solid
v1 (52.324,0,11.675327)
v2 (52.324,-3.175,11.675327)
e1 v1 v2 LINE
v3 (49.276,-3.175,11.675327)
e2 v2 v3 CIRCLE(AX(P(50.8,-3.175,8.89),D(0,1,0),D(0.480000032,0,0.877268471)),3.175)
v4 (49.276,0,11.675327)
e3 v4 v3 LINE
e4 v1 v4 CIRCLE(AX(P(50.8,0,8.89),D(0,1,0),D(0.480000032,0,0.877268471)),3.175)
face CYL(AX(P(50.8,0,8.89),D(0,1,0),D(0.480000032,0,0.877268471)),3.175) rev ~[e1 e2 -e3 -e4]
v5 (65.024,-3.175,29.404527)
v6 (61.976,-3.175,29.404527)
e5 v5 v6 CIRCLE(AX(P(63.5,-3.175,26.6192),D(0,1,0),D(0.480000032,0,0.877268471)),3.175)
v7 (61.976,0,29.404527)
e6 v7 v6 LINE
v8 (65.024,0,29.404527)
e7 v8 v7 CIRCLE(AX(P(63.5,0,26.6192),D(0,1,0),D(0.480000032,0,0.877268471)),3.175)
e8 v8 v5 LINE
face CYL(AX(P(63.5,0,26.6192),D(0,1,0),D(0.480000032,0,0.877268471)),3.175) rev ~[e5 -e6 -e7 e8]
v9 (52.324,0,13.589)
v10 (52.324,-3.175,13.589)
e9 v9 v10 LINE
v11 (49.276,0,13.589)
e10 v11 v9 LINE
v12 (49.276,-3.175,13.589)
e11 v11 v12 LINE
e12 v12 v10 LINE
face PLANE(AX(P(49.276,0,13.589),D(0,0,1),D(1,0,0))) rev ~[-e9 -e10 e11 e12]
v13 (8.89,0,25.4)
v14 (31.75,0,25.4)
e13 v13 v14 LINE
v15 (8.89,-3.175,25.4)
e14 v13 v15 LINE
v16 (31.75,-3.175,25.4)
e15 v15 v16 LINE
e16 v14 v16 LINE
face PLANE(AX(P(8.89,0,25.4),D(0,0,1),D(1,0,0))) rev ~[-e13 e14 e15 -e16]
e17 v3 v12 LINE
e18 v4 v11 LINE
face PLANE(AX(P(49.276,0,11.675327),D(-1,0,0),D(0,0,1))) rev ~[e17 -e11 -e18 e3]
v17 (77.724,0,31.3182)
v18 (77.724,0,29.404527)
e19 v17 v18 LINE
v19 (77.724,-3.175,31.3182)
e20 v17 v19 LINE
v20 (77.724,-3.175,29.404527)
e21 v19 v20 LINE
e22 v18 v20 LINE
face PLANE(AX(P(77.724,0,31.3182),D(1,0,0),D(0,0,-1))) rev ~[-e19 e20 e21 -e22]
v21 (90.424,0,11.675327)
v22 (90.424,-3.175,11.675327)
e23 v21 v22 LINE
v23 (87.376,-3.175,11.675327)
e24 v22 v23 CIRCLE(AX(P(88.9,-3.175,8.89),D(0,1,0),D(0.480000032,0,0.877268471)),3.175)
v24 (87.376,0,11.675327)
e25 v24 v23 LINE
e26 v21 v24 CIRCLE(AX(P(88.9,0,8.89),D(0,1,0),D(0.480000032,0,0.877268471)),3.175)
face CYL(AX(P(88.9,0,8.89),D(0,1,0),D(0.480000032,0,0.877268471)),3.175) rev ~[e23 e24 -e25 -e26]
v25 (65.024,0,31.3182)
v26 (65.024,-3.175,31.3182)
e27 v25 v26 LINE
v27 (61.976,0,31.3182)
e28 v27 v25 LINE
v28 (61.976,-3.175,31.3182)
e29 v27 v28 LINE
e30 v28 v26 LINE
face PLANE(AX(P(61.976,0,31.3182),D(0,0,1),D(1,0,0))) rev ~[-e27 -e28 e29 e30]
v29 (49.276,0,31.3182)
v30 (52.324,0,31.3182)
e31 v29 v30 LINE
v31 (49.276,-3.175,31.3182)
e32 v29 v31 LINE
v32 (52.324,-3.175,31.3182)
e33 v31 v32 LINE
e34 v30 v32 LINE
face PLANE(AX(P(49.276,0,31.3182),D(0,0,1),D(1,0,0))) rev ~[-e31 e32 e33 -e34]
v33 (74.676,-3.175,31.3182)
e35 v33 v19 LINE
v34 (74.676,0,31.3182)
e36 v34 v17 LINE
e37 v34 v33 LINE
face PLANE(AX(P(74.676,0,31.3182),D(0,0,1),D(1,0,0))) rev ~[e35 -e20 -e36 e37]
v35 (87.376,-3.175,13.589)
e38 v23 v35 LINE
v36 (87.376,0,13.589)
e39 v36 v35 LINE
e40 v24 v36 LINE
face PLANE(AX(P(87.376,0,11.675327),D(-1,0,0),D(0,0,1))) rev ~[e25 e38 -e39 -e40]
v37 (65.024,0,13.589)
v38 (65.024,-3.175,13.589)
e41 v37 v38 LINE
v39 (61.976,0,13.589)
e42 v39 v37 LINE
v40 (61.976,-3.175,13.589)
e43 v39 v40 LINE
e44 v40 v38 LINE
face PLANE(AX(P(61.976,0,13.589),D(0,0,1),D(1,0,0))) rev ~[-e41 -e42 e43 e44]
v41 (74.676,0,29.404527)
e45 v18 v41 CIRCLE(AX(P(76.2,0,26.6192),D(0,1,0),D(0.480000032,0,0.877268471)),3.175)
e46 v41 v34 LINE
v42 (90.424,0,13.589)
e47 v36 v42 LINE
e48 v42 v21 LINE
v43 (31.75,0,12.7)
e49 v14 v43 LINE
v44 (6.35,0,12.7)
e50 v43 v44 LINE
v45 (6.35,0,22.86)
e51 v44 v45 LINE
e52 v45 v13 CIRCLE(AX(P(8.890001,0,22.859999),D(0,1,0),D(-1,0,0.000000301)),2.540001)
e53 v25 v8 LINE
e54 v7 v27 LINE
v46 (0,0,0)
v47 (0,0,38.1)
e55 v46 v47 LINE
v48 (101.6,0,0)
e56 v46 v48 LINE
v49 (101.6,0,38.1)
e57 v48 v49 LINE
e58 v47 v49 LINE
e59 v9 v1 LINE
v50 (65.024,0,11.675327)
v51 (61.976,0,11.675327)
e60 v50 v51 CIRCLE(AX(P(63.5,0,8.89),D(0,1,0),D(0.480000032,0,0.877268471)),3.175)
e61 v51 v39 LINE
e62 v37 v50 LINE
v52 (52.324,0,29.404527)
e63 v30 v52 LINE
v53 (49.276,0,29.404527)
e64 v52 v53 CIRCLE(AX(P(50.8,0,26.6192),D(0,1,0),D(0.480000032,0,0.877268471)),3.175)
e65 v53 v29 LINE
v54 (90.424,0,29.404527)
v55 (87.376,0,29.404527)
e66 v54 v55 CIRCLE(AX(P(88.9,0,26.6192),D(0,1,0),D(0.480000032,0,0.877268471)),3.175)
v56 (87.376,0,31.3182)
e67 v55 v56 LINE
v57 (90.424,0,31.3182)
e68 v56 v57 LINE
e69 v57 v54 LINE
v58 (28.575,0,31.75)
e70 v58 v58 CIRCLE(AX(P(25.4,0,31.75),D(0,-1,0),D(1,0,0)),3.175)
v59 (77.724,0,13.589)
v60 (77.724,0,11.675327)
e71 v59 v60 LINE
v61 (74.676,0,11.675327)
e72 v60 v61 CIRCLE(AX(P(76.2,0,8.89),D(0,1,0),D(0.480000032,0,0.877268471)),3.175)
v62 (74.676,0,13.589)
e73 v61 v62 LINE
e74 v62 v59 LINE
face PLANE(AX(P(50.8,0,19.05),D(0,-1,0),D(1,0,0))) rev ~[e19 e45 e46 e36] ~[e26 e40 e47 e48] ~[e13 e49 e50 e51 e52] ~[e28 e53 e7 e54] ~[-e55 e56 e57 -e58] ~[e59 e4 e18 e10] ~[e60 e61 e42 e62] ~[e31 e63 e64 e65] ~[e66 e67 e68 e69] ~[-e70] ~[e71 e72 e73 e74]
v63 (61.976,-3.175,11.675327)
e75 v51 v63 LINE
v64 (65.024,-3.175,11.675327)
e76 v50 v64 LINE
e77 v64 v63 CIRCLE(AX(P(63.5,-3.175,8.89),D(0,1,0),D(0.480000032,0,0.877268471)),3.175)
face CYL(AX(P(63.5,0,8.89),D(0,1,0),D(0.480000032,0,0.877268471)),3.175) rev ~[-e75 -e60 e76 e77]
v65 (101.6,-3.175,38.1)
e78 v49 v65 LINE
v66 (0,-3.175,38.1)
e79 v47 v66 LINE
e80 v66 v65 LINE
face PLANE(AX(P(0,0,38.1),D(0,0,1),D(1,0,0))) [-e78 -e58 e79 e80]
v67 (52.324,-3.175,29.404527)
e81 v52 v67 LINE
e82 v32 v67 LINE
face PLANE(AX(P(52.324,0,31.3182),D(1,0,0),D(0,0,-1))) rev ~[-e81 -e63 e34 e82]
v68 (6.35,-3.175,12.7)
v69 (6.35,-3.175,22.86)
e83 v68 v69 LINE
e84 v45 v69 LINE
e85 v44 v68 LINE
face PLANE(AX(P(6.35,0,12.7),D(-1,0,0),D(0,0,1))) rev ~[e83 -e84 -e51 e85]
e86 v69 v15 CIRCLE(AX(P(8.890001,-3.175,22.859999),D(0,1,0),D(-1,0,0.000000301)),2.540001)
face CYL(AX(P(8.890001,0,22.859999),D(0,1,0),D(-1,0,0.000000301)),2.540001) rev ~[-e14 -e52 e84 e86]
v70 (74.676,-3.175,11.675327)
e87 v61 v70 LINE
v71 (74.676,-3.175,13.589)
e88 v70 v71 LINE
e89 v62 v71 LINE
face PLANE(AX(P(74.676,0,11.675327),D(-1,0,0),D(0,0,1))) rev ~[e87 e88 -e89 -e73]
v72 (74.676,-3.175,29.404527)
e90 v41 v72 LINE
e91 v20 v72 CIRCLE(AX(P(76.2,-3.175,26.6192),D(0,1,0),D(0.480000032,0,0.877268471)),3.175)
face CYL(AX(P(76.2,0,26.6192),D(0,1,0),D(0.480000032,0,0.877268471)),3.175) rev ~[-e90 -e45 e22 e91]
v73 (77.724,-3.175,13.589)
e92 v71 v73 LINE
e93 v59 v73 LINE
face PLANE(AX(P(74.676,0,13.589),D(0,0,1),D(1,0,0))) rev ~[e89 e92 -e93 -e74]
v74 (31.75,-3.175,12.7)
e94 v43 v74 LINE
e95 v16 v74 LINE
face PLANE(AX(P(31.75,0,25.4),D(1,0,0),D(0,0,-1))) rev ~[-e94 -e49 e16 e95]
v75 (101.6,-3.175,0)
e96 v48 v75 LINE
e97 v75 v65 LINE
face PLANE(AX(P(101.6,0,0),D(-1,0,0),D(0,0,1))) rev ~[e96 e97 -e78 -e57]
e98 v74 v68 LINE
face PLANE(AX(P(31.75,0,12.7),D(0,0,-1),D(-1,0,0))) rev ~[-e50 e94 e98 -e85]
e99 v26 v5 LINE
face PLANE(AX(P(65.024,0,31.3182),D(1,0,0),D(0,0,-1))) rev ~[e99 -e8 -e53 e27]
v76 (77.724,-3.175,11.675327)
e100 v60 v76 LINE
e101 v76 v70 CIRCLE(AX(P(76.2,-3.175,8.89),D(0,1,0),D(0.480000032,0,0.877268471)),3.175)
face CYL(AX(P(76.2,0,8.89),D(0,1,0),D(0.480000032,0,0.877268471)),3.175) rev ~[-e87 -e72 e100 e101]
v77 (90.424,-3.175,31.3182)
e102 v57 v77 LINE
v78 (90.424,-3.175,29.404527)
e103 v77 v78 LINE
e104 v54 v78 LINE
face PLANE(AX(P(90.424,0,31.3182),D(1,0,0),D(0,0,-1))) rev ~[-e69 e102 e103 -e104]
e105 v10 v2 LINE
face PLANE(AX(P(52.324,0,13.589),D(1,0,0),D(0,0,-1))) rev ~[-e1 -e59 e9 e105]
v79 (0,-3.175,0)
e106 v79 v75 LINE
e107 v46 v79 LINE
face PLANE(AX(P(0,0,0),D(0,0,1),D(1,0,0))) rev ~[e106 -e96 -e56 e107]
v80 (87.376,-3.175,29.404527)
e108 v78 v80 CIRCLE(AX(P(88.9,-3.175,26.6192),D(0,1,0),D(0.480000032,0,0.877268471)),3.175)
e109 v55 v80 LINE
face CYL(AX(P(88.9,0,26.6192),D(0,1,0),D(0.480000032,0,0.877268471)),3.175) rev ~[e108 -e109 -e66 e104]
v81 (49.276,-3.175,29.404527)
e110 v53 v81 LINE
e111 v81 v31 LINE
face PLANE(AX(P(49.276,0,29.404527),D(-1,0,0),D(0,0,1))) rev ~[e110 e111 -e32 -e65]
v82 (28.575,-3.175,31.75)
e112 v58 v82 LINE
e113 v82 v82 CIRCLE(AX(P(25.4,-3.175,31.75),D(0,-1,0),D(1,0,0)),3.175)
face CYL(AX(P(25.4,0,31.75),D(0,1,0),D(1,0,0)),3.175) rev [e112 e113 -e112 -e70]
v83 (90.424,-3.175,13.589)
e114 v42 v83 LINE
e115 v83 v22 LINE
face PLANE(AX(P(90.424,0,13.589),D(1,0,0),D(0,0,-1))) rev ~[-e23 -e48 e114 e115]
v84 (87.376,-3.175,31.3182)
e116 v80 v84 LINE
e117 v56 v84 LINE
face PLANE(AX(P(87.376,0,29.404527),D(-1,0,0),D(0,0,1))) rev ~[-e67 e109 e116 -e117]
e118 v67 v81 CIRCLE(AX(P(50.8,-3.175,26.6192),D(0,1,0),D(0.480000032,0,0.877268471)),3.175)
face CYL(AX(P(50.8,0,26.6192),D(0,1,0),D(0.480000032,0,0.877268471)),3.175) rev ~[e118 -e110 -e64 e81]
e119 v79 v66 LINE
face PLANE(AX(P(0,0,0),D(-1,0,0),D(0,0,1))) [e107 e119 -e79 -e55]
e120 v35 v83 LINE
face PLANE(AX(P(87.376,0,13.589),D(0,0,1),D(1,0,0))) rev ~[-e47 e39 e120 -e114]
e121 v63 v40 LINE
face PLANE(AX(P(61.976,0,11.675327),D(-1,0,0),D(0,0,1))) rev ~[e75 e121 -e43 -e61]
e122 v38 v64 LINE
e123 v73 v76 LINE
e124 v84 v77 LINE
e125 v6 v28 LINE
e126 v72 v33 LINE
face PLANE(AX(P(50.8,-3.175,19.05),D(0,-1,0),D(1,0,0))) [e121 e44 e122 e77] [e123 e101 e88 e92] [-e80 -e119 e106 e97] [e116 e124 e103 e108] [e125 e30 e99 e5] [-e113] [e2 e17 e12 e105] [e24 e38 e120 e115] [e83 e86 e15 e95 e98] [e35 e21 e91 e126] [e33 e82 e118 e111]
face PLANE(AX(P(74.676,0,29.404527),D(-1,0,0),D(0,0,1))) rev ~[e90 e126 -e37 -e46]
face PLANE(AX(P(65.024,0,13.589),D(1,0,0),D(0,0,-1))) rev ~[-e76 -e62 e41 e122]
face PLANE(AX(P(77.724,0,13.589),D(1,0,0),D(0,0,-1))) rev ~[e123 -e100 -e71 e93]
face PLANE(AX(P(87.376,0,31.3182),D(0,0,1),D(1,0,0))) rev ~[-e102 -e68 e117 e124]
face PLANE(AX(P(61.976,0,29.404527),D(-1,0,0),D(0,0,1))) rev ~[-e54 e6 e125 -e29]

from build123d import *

# Parameters (mm, degrees)
F0_W     = 101.6
F0_H     = 38.1
F0_R     = 3.175
F1_DEPTH = 3.175


with BuildPart() as f1:
    # F0 (on Front) → F1 (new body)
    with BuildSketch(Plane.XZ):
        with Locations((50.8, 19.05)):
            Rectangle(F0_W, F0_H)
        with BuildLine():
            Line((31.75, 12.7), (6.35, 12.7))
            Line((6.35, 12.7), (6.35, 22.86))
            ThreePointArc((6.35, 22.86), (7.093949, 24.656051), (8.89, 25.4))
            Line((8.89, 25.4), (31.75, 25.4))
            Line((31.75, 25.4), (31.75, 12.7))
        make_face(mode=Mode.SUBTRACT)
        with BuildLine():
            ThreePointArc((52.324, 11.675327), (50.8, 5.715), (49.276, 11.675327))
            Line((49.276, 11.675327), (49.276, 13.589))
            Line((49.276, 13.589), (52.324, 13.589))
            Line((52.324, 13.589), (52.324, 11.675327))
        make_face(mode=Mode.SUBTRACT)
        with BuildLine():
            Line((61.976, 11.675327), (61.976, 13.589))
            Line((61.976, 13.589), (65.024, 13.589))
            Line((65.024, 13.589), (65.024, 11.675327))
            ThreePointArc((65.024, 11.675327), (63.5, 5.715), (61.976, 11.675327))
        make_face(mode=Mode.SUBTRACT)
        with BuildLine():
            Line((74.676, 11.675327), (74.676, 13.589))
            Line((74.676, 13.589), (77.724, 13.589))
            Line((77.724, 13.589), (77.724, 11.675327))
            ThreePointArc((77.724, 11.675327), (76.2, 5.715), (74.676, 11.675327))
        make_face(mode=Mode.SUBTRACT)
        with BuildLine():
            Line((87.376, 11.675327), (87.376, 13.589))
            Line((87.376, 13.589), (90.424, 13.589))
            Line((90.424, 13.589), (90.424, 11.675327))
            ThreePointArc((90.424, 11.675327), (88.9, 5.715), (87.376, 11.675327))
        make_face(mode=Mode.SUBTRACT)
        with Locations((25.4, 31.75)):
            Circle(F0_R, mode=Mode.SUBTRACT)
        with BuildLine():
            Line((49.276, 29.404527), (49.276, 31.3182))
            Line((49.276, 31.3182), (52.324, 31.3182))
            Line((52.324, 31.3182), (52.324, 29.404527))
            ThreePointArc((52.324, 29.404527), (50.8, 23.4442), (49.276, 29.404527))
        make_face(mode=Mode.SUBTRACT)
        with BuildLine():
            Line((61.976, 29.404527), (61.976, 31.3182))
            Line((61.976, 31.3182), (65.024, 31.3182))
            Line((65.024, 31.3182), (65.024, 29.404527))
            ThreePointArc((65.024, 29.404527), (63.5, 23.4442), (61.976, 29.404527))
        make_face(mode=Mode.SUBTRACT)
        with BuildLine():
            Line((74.676, 29.404527), (74.676, 31.3182))
            Line((74.676, 31.3182), (77.724, 31.3182))
            Line((77.724, 31.3182), (77.724, 29.404527))
            ThreePointArc((77.724, 29.404527), (76.2, 23.4442), (74.676, 29.404527))
        make_face(mode=Mode.SUBTRACT)
        with BuildLine():
            Line((87.376, 29.404527), (87.376, 31.3182))
            Line((87.376, 31.3182), (90.424, 31.3182))
            Line((90.424, 31.3182), (90.424, 29.404527))
            ThreePointArc((90.424, 29.404527), (88.9, 23.4442), (87.376, 29.404527))
        make_face(mode=Mode.SUBTRACT)
    extrude(amount=F1_DEPTH)


solid = f1.part
